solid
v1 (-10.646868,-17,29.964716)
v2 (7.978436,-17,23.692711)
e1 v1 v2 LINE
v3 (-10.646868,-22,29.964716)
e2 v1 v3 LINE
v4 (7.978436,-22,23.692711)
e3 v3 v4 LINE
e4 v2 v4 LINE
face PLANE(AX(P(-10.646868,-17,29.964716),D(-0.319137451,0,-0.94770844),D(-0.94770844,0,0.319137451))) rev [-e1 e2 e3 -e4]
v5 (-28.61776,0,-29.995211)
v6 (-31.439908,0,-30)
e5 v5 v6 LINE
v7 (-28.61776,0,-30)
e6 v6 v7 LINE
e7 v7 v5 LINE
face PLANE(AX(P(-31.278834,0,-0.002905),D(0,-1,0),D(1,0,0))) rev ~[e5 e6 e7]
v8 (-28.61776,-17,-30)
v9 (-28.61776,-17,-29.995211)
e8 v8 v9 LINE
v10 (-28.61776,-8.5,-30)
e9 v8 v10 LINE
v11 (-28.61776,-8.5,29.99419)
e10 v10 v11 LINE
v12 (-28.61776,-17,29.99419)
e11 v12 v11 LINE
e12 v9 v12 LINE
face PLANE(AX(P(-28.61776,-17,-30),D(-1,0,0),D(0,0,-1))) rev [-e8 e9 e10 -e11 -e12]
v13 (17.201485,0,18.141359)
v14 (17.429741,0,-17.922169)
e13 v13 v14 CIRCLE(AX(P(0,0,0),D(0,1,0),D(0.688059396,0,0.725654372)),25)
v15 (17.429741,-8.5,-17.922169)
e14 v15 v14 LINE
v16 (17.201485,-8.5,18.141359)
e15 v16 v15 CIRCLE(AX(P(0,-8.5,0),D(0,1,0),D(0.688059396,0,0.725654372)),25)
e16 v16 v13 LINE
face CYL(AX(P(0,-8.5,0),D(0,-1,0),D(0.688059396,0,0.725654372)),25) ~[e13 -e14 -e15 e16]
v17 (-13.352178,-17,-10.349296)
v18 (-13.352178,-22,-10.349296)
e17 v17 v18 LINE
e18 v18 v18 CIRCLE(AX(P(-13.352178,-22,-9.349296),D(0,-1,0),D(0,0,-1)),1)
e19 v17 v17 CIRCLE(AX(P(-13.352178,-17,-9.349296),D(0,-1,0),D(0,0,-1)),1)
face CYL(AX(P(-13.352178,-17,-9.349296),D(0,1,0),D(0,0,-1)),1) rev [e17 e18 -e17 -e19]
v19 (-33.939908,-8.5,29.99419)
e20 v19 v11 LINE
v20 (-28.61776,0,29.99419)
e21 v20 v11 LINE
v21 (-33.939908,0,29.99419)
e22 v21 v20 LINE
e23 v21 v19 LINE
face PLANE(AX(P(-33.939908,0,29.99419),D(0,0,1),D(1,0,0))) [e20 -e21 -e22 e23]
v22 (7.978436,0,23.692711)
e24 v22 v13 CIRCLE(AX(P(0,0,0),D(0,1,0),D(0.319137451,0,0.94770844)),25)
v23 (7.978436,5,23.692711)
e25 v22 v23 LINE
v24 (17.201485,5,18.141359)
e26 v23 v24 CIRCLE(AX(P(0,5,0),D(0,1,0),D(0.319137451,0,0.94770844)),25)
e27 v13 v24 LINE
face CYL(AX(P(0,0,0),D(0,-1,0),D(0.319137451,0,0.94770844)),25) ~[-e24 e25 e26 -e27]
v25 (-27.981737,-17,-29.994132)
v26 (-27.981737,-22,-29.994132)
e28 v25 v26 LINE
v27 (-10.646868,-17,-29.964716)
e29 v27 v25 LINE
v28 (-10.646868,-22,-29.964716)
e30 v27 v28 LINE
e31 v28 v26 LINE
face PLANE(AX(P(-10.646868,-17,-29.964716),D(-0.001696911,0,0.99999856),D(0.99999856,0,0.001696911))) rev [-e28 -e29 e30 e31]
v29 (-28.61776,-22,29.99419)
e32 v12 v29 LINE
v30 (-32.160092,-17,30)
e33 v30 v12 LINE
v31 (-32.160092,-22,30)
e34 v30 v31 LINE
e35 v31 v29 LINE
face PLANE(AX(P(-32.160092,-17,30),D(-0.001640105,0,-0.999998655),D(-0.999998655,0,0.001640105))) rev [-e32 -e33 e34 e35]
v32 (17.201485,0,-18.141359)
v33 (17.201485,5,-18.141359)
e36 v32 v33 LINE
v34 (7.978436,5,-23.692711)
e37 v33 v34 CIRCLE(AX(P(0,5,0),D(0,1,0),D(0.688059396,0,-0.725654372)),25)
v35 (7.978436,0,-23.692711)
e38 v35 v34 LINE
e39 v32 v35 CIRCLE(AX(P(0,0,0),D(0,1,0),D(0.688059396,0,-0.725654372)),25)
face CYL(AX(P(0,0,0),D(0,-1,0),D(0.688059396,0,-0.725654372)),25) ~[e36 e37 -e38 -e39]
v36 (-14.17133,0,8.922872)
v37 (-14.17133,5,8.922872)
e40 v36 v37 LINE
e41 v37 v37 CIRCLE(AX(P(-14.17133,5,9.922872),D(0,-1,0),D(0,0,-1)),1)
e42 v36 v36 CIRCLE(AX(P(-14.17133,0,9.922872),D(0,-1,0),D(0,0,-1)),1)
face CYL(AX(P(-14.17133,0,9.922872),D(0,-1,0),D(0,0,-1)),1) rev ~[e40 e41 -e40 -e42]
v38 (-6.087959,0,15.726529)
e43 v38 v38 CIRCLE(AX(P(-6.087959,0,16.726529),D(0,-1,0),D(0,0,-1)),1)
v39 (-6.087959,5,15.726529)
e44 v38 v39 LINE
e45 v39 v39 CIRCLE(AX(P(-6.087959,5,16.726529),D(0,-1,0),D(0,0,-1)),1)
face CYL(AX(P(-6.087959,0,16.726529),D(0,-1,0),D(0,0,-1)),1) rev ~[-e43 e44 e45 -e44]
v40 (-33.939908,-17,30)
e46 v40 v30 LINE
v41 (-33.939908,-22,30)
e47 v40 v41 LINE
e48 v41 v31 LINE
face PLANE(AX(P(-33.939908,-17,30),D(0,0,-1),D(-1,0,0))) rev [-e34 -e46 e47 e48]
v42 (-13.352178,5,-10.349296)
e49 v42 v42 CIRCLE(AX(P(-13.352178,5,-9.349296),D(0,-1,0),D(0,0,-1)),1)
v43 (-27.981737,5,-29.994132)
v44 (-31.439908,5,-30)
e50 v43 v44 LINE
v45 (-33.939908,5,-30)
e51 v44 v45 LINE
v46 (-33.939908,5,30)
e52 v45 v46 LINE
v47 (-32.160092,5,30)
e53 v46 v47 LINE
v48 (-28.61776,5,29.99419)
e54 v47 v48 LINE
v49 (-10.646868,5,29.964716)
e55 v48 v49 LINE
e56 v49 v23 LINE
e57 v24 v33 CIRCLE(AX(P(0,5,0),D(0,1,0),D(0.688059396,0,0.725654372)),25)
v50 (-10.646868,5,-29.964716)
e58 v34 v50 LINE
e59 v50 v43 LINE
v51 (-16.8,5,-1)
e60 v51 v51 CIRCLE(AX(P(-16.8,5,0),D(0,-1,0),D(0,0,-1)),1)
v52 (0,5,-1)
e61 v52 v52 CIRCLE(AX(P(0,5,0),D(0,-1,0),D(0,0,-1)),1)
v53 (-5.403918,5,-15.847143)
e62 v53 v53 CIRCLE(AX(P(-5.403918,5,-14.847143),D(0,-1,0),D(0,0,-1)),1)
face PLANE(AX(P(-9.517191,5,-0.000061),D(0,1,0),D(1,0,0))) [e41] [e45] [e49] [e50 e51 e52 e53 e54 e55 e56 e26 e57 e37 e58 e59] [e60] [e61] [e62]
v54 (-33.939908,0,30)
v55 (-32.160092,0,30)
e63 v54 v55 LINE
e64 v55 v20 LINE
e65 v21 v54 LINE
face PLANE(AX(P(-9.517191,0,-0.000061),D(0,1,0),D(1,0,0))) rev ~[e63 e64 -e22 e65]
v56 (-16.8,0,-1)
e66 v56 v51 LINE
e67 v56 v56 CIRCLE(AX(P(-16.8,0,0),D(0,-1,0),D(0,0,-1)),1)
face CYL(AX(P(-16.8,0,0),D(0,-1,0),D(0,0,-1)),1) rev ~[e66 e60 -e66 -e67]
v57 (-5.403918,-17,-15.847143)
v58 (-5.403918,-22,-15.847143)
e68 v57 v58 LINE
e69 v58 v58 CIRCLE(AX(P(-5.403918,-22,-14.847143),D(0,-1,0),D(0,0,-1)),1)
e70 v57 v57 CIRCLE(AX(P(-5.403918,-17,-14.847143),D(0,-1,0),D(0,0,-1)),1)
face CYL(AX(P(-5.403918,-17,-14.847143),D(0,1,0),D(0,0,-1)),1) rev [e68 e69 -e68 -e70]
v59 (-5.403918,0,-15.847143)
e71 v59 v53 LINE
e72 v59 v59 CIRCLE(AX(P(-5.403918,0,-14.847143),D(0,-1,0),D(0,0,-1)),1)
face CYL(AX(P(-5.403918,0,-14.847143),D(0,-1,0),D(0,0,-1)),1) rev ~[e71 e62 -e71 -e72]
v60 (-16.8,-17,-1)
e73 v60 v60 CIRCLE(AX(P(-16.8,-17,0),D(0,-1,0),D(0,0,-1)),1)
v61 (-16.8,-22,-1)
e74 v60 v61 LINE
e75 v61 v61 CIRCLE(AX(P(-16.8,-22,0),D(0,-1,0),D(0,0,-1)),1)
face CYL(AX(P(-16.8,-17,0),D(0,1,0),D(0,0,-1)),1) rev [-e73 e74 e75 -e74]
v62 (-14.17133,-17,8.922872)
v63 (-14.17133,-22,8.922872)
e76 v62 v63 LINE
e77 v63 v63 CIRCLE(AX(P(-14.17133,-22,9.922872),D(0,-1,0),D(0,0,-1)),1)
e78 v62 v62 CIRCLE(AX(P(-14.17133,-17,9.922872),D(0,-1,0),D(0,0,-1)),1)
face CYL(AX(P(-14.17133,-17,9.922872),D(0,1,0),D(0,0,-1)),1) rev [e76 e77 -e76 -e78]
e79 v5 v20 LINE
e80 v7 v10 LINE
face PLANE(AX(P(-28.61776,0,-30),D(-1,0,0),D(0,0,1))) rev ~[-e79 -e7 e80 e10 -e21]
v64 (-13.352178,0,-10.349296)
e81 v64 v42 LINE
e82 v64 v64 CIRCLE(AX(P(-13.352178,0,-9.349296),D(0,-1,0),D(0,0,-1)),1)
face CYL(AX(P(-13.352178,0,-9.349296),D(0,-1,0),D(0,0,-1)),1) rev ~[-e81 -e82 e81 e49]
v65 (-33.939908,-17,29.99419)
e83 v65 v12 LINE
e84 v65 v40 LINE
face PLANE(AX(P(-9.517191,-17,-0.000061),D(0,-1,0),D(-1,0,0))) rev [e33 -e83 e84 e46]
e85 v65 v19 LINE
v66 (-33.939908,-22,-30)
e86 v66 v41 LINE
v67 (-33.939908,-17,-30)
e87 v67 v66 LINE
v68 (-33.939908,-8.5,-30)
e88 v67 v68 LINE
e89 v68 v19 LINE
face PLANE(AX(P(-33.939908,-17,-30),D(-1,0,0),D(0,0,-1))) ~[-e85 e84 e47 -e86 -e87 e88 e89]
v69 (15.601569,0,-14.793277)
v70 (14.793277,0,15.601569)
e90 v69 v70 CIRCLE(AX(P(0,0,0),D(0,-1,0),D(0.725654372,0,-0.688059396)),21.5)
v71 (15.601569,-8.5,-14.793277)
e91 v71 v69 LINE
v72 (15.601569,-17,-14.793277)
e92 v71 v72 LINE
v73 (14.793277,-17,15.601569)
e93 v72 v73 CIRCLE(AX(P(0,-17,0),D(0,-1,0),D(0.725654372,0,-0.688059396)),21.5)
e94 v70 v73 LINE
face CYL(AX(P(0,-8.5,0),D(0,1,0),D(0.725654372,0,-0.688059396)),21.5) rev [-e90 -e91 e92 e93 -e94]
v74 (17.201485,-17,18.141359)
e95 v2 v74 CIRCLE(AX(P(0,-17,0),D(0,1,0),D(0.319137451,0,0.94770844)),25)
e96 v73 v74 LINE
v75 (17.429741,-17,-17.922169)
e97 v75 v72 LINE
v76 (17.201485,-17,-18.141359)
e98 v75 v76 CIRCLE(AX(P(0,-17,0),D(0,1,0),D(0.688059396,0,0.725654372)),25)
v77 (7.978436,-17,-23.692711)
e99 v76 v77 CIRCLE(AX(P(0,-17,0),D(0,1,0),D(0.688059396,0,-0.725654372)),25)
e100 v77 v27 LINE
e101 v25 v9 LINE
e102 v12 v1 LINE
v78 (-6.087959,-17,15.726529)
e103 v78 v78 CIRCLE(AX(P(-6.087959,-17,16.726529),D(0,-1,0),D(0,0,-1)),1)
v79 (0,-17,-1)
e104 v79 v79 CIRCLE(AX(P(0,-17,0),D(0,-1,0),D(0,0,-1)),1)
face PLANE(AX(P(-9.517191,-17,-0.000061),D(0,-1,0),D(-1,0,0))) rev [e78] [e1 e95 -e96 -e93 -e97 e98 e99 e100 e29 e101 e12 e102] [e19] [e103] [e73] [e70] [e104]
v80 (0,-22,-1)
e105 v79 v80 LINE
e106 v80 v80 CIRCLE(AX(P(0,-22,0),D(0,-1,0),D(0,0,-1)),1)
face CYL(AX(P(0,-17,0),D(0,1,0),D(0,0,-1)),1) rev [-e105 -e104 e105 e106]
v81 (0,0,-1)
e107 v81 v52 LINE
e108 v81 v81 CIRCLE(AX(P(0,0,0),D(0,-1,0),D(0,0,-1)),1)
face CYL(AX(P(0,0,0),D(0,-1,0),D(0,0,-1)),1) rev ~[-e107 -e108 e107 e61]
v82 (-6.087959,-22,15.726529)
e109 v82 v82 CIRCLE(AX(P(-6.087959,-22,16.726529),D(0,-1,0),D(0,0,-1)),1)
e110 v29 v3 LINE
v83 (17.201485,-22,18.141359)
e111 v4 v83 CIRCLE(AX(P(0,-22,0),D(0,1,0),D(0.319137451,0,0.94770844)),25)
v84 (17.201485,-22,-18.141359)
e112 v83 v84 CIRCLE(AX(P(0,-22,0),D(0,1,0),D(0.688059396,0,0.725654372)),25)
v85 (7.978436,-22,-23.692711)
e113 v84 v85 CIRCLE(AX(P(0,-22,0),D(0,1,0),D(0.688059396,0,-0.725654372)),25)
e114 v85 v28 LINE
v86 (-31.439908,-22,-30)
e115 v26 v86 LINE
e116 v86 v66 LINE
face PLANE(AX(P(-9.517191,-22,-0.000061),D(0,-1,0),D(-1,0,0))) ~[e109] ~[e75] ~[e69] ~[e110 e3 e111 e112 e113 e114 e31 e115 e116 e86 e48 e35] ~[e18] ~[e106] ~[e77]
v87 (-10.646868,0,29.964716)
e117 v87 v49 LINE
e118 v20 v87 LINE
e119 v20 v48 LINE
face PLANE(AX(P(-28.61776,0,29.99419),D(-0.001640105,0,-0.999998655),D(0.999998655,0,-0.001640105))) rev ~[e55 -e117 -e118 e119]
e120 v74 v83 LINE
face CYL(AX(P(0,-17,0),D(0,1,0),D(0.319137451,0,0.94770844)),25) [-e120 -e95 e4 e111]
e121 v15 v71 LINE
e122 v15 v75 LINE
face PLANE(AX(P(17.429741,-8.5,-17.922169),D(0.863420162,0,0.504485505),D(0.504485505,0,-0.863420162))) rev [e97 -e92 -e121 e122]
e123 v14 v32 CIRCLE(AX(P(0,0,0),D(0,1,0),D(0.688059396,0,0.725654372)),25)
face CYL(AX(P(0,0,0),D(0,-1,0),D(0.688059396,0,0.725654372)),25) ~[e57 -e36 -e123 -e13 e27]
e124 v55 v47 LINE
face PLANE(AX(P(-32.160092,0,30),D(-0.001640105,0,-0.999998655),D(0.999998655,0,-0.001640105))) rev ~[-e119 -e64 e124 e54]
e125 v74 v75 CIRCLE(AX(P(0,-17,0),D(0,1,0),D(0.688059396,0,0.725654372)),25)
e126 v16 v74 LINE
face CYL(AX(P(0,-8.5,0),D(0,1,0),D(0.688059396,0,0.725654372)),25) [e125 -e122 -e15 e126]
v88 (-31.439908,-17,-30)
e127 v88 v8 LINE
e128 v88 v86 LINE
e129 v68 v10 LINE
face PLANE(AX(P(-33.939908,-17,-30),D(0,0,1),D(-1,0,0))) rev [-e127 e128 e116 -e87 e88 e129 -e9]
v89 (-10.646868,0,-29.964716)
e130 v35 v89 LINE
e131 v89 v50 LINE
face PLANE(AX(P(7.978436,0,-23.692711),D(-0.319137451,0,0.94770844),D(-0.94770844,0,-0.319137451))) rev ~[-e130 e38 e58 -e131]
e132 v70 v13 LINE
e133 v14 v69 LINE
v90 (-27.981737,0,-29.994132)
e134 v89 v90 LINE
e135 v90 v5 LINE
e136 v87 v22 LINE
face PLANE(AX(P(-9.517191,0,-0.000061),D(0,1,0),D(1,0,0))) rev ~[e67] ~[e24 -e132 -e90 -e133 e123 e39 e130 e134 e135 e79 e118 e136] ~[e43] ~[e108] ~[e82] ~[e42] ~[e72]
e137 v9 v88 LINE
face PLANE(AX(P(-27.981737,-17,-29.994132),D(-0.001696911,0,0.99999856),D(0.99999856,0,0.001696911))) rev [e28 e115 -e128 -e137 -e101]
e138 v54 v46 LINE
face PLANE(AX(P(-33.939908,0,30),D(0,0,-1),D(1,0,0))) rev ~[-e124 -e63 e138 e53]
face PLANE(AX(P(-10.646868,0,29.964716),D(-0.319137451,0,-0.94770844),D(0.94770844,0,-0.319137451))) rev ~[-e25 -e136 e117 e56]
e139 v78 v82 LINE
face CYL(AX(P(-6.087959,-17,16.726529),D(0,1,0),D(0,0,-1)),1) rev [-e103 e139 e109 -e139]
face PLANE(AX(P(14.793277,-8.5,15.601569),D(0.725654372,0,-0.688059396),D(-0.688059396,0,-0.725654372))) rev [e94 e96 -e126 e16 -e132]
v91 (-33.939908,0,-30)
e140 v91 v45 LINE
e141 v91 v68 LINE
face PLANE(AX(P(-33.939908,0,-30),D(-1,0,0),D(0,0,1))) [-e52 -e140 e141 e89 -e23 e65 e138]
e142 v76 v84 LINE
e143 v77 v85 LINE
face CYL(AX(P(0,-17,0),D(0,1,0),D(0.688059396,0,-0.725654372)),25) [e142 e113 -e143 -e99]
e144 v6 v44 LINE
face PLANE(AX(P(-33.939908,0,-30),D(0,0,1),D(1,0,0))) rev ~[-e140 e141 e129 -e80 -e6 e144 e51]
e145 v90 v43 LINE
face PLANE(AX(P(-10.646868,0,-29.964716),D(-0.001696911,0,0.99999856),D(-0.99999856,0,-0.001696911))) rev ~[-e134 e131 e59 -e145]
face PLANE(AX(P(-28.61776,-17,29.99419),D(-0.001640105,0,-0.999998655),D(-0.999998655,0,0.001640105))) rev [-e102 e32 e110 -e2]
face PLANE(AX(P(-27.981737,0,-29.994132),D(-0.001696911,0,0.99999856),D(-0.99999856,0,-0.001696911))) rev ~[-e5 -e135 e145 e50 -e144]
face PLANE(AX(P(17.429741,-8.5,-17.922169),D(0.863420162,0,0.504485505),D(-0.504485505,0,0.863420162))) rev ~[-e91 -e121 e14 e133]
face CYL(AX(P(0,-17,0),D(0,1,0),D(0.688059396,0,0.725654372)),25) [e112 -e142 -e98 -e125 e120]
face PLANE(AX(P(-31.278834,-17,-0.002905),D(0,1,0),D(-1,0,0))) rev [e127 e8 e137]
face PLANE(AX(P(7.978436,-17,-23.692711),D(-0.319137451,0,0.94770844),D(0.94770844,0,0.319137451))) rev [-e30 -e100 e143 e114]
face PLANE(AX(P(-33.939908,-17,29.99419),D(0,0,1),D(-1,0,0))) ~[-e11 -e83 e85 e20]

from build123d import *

# Parameters (mm, degrees)
BOSS_EXTRUDE2_DEPTH = 5
SKETCH5_W           = 5.32214827
SKETCH5_H           = 59.994190195
BOSS_EXTRUDE4_DEPTH = 8.5
BOSS_EXTRUDE5_START = 8.5
BOSS_EXTRUDE5_DEPTH = 8.5
SKETCH7_R           = 1
CUT_EXTRUDE1_DEPTH  = 8.5


with BuildPart() as part:
    # Sketch1 → Boss-Extrude2 (new body)
    with BuildSketch(Plane(origin=(0, 0, 0), x_dir=(1, 0, 0), z_dir=(0, 1, 0))):
        with BuildLine():
            Line((-32.160092199, -30), (-28.617759531, -29.994190195))
            Line((-28.617759531, -29.994190195), (-10.646867834, -29.964716006))
            Line((-10.646867834, -29.964716006), (7.978436277, -23.692711001))
            ThreePointArc((7.978436277, -23.692711001), (12.892303289, -21.419349101), (17.201484904, -18.141359296))
            ThreePointArc((17.201484904, -18.141359296), (25, 0), (17.201484904, 18.141359296))
            ThreePointArc((17.201484904, 18.141359296), (12.892303289, 21.419349101), (7.978436277, 23.692711001))
            Line((7.978436277, 23.692711001), (-10.646867834, 29.964716006))
            Line((-10.646867834, 29.964716006), (-27.981736935, 29.994131783))
            Line((-27.981736935, 29.994131783), (-31.439907801, 30))
            Line((-31.439907801, 30), (-33.939907801, 30))
            Line((-33.939907801, 30), (-33.939907801, -30))
            Line((-33.939907801, -30), (-32.160092199, -30))
        make_face()
    extrude(amount=BOSS_EXTRUDE2_DEPTH)

    # Sketch5 → Boss-Extrude4 (add)
    with BuildSketch(Plane.XZ):
        with Locations((-31.278833666, -0.002904903)):
            Rectangle(SKETCH5_W, SKETCH5_H)
    extrude(amount=BOSS_EXTRUDE4_DEPTH)

    # Sketch6 → Boss-Extrude5 (add)
    with BuildSketch(Plane.XZ.offset(BOSS_EXTRUDE5_START)):
        with BuildLine():
            Line((14.793277017, 15.601568994), (17.201484904, 18.141359296))
            ThreePointArc((17.201484904, 18.141359296), (24.999499268, 0.15822873), (17.429740925, -17.92216871))
            Line((17.429740925, -17.92216871), (15.601568994, -14.793277017))
            ThreePointArc((15.601568994, -14.793277017), (21.492401728, 0.571548738), (14.793277017, 15.601568994))
        make_face()
    extrude(amount=-BOSS_EXTRUDE5_DEPTH)

    # Sketch7 → Cut-Extrude1 (cut)
    with BuildSketch(Plane.XZ):
        with Locations(Location((-6.087958551, 16.72652865, 0), (0, 0, 270))):
            Circle(SKETCH7_R)
        with Locations(Location((0, 0, 0), (0, 0, 270))):
            Circle(SKETCH7_R)
        with Locations(Location((-14.171330366, 9.922872349, 0), (0, 0, 270))):
            Circle(SKETCH7_R)
        with Locations(Location((-16.8, 0, 0), (0, 0, 270))):
            Circle(SKETCH7_R)
        with Locations(Location((-13.352178322, -9.349295913, 0), (0, 0, 270))):
            Circle(SKETCH7_R)
        with Locations(Location((-5.403918265, -14.847143408, 0), (0, 0, 270))):
            Circle(SKETCH7_R)
    extrude(amount=-CUT_EXTRUDE1_DEPTH, mode=Mode.SUBTRACT)

    # Mirror1: part across plane


with BuildPart() as part_1:
    add(part.part)
    add(part.part.mirror(Plane.ZX.offset(-8.5)))


solid = part_1.part
